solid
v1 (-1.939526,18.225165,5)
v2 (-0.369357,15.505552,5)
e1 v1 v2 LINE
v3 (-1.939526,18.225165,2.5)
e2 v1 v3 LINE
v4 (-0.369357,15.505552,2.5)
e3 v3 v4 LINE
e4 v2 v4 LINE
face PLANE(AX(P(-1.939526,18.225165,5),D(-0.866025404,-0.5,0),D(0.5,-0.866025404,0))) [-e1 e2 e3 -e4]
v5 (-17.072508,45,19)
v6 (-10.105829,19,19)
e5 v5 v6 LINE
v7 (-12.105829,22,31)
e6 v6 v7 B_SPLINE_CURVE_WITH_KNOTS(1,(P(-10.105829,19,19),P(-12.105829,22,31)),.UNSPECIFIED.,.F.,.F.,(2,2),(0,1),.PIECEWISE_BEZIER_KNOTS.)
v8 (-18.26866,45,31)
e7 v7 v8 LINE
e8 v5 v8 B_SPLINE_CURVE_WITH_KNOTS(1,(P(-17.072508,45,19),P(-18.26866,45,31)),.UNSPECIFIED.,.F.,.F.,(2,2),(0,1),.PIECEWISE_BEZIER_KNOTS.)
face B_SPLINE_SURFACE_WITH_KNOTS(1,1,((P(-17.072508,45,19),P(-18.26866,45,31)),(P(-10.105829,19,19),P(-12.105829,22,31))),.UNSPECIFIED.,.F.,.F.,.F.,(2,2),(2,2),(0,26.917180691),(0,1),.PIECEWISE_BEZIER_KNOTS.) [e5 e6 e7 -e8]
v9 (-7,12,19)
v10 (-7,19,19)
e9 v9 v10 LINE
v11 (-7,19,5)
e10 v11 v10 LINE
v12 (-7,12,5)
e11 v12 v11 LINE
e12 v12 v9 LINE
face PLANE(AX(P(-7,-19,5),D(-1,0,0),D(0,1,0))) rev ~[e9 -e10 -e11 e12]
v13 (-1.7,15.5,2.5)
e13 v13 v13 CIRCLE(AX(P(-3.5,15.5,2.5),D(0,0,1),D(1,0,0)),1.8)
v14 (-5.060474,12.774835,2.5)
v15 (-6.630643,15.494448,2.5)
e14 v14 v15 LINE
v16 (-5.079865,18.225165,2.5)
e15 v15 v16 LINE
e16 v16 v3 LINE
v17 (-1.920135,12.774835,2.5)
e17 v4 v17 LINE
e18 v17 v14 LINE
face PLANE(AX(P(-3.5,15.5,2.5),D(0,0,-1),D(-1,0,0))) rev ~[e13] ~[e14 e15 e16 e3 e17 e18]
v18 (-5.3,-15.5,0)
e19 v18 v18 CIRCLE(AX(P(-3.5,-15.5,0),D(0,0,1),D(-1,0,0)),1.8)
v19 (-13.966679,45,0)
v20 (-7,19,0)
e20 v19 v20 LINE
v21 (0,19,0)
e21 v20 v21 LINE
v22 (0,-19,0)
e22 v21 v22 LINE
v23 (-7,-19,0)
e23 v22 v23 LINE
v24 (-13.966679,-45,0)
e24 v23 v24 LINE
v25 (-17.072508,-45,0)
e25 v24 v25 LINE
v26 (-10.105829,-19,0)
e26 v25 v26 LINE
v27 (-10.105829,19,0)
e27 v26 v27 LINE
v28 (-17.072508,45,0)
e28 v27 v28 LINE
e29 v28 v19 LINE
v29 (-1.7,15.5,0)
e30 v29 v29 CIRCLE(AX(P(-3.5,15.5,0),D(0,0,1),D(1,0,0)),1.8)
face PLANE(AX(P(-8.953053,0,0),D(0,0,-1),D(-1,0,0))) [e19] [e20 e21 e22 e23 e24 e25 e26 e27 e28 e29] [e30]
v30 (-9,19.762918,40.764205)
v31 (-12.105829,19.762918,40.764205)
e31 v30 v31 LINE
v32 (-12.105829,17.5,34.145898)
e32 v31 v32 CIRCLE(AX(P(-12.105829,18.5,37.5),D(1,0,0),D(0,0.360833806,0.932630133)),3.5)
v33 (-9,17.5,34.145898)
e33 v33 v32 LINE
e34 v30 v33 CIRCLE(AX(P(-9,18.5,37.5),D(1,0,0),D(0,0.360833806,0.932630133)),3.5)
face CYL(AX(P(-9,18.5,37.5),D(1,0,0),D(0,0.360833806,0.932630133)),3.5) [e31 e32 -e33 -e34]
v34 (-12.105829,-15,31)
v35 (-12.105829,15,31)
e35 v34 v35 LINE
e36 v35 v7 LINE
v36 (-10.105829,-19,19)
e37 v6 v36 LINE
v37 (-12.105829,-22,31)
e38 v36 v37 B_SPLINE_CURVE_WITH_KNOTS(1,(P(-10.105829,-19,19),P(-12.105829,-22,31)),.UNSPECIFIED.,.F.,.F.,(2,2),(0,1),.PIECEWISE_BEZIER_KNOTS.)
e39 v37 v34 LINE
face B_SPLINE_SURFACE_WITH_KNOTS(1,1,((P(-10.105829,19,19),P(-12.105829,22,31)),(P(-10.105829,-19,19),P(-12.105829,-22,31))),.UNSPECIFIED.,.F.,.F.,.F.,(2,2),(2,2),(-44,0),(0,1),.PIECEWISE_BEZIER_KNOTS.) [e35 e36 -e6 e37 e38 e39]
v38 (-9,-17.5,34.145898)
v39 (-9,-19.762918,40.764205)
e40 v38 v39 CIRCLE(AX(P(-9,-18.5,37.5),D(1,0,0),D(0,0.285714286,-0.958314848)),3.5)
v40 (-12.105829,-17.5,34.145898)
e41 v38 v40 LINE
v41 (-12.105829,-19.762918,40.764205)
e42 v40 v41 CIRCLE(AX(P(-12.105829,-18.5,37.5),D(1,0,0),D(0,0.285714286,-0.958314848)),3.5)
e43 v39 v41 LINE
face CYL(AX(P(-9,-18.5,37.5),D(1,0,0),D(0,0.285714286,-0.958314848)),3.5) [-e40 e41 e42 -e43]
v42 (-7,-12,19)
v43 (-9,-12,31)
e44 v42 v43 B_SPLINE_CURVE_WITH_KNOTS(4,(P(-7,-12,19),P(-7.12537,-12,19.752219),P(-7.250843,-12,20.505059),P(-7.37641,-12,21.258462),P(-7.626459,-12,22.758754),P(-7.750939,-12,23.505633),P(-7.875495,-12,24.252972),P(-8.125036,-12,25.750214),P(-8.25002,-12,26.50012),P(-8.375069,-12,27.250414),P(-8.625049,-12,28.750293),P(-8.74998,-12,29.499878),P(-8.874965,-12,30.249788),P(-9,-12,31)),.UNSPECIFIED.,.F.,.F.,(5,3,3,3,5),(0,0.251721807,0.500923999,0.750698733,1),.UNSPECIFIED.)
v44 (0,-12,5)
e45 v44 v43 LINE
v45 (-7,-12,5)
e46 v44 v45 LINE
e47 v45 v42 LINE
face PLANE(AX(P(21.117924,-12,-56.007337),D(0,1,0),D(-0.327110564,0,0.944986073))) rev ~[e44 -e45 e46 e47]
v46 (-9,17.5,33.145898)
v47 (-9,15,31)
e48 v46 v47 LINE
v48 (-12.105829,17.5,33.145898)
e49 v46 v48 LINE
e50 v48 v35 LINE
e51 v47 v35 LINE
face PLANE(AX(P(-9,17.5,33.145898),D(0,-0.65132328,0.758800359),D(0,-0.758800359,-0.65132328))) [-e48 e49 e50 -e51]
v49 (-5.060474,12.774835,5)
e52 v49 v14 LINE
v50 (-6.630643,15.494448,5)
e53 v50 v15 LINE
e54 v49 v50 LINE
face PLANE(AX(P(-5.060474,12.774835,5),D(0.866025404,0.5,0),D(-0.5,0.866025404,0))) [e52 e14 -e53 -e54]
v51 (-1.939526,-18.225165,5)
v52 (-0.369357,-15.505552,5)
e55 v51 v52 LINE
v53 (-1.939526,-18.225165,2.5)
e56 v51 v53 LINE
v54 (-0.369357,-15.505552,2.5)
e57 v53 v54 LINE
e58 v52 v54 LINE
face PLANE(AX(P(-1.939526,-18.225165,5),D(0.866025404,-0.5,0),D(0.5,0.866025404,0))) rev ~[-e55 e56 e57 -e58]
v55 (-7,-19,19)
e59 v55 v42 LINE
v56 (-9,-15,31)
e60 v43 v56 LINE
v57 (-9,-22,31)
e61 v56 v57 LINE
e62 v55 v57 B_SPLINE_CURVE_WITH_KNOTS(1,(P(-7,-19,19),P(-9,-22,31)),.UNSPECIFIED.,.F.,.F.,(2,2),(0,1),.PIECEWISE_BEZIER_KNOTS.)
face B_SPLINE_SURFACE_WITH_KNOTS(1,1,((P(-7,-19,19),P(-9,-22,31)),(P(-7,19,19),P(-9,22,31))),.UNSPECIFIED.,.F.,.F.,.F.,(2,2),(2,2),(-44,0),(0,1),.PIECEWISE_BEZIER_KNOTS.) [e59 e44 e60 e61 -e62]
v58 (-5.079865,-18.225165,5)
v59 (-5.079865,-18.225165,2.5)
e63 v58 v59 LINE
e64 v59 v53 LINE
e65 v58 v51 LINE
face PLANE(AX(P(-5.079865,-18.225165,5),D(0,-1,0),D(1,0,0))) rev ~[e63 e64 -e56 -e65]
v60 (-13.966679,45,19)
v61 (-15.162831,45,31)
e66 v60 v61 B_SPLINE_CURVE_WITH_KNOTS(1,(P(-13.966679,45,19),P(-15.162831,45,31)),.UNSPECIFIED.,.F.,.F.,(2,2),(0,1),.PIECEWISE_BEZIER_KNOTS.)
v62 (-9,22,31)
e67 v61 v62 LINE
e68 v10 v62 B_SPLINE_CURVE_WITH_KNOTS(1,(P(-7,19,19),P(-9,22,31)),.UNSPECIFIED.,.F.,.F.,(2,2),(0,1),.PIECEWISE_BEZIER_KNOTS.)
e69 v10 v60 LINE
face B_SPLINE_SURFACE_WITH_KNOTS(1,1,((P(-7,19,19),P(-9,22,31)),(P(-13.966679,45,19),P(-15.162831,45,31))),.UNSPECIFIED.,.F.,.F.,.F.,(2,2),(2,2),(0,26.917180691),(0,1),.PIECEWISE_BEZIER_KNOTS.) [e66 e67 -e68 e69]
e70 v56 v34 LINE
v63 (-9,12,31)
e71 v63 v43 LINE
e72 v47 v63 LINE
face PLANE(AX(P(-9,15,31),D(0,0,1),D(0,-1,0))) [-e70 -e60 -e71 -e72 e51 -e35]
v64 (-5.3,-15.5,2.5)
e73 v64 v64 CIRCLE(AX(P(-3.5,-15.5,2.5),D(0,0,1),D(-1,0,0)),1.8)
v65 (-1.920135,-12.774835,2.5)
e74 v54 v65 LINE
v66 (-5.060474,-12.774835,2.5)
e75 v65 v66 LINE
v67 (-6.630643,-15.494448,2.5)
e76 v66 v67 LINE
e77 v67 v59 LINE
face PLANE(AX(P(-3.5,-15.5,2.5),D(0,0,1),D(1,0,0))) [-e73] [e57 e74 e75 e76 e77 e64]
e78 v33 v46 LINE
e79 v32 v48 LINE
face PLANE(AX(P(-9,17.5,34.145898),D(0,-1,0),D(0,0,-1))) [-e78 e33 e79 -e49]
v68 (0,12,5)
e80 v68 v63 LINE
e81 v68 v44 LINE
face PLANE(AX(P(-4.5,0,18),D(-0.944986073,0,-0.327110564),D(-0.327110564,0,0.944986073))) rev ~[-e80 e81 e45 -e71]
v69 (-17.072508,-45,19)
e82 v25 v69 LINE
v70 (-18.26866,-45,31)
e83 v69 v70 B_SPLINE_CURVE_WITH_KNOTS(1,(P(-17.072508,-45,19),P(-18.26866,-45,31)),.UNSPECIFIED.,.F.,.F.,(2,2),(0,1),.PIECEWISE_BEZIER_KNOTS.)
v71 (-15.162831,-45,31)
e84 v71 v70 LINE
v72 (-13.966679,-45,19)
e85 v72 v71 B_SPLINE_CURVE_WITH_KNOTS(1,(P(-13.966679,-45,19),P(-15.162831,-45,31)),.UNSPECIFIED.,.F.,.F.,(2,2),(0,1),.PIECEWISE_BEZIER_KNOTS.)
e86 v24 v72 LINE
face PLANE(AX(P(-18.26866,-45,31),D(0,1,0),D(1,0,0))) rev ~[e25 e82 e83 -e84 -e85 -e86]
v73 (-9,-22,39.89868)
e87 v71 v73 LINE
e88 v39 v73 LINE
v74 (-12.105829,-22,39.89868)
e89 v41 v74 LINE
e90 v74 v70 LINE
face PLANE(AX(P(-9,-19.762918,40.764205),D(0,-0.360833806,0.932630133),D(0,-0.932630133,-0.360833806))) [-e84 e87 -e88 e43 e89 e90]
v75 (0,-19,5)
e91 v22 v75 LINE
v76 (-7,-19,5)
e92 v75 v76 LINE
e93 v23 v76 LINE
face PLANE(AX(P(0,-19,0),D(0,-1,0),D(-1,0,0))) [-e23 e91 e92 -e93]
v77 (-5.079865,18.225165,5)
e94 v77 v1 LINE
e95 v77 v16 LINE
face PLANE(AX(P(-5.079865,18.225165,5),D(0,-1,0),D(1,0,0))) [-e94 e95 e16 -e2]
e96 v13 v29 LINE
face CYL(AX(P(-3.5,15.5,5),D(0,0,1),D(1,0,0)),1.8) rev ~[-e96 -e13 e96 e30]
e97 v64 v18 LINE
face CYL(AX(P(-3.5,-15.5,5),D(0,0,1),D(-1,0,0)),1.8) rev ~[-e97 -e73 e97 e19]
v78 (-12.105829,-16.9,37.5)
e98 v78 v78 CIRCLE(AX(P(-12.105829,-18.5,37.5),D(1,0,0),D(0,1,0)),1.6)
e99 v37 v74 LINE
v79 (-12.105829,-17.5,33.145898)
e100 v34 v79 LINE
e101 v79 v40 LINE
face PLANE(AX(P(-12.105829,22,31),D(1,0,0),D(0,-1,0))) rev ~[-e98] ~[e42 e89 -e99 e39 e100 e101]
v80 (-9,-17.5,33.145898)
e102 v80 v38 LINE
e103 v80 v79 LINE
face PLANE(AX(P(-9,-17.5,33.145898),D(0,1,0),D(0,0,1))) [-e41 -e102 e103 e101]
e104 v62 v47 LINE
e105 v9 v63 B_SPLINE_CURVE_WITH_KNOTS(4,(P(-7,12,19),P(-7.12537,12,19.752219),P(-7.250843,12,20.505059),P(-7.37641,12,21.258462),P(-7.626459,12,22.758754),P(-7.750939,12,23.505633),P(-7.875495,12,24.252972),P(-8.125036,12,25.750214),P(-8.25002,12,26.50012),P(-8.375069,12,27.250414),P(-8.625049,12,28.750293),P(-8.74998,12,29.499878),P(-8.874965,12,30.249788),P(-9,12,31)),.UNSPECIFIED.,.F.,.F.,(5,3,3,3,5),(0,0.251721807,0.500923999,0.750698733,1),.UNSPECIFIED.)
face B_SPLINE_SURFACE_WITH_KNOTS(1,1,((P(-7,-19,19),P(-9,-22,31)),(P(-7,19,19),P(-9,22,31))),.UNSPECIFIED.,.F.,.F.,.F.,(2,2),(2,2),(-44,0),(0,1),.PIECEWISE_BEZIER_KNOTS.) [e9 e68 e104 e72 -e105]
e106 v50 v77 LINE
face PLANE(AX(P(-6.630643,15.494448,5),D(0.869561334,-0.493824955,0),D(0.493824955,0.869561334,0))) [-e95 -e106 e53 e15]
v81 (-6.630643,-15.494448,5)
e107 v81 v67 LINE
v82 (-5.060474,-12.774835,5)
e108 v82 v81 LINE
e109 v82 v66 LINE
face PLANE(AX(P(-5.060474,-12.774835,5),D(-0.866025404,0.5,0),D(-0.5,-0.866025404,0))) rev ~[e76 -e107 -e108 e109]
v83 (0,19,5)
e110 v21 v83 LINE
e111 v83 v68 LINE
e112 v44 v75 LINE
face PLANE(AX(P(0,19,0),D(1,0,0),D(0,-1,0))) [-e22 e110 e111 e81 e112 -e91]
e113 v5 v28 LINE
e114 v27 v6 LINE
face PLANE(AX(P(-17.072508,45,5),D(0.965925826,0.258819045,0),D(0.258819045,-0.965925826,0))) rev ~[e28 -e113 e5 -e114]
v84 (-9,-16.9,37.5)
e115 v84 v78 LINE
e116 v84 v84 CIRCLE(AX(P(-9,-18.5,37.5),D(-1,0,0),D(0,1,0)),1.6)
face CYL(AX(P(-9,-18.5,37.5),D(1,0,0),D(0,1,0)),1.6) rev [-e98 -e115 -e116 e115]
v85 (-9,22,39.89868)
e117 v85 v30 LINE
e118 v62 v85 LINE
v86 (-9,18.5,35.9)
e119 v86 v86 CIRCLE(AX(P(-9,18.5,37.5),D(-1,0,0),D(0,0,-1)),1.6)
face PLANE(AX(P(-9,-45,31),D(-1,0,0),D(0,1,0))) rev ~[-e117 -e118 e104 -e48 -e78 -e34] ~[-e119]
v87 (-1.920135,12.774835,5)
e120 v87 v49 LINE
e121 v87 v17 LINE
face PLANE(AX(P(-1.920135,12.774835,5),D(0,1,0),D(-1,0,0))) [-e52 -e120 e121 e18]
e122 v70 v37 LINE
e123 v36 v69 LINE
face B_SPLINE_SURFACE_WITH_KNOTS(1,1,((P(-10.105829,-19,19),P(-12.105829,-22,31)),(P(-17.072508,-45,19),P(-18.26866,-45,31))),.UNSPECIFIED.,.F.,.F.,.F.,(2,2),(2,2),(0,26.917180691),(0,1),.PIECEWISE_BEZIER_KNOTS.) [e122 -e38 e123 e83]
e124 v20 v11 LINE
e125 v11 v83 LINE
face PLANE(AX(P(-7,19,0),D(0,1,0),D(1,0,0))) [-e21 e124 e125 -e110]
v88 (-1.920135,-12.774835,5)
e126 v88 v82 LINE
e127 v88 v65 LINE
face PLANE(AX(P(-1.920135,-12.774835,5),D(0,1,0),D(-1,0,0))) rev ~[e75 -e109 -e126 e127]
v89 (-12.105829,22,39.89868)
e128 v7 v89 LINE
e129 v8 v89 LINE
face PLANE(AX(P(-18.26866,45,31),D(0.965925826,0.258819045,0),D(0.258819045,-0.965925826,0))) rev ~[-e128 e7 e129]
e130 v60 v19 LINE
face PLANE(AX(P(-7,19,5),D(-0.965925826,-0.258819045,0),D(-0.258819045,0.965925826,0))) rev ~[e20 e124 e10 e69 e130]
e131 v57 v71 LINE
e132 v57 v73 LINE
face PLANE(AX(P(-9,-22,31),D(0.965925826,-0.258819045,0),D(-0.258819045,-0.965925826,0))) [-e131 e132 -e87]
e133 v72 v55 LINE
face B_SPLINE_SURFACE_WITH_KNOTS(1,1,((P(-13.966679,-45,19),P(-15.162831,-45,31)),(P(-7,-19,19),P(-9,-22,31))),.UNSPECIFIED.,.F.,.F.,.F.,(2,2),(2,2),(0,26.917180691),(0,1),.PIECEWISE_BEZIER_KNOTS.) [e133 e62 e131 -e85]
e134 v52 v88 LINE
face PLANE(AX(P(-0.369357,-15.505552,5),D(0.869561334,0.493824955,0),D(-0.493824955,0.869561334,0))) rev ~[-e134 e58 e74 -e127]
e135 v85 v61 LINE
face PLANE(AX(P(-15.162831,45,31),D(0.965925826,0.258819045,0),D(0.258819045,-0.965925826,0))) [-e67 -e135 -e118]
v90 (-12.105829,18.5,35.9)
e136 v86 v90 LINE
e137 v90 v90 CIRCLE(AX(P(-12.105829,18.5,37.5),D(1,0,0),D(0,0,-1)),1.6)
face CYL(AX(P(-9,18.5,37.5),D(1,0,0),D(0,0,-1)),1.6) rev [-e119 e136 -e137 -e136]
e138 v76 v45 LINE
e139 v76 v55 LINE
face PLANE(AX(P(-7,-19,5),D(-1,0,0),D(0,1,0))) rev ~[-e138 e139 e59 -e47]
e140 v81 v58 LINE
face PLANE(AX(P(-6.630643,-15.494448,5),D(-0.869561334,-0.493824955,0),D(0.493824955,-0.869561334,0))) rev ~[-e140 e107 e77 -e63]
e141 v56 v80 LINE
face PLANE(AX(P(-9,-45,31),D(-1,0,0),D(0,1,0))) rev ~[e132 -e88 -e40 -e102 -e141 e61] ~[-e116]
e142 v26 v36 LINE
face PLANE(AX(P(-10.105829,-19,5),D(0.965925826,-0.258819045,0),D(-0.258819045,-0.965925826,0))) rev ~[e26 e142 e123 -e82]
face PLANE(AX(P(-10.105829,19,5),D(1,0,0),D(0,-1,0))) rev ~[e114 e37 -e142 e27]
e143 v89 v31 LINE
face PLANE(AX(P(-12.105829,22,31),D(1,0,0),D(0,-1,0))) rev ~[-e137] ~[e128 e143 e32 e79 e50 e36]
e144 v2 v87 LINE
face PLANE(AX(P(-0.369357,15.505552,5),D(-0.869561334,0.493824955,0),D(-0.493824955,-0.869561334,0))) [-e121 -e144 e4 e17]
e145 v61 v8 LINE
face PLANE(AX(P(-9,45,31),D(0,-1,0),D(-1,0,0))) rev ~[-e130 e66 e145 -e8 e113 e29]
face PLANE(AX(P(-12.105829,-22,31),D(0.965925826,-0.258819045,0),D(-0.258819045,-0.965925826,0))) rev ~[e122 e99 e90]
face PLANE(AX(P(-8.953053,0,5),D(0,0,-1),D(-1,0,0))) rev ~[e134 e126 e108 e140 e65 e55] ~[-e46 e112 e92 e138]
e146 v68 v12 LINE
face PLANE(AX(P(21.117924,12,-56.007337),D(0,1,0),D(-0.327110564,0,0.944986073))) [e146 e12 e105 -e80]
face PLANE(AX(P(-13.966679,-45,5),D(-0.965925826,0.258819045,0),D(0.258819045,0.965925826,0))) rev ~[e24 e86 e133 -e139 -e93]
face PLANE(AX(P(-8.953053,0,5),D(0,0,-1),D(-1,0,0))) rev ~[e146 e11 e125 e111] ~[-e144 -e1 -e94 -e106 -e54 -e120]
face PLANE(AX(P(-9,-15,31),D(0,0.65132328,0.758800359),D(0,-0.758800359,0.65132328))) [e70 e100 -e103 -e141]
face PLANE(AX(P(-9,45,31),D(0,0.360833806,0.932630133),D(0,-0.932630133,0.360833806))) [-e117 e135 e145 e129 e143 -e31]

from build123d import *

# Parameters (mm, degrees)
BOSS_EXTRU_1_DEPTH      = 5
BOSS_EXTRU_2_DEPTH      = 14
ESQUISSE5_R             = 1.8
ENL_V_MAT_EXTRU_1_DEPTH = 56.088510189
BOSS_EXTRU_3_DEPTH      = 15
ESQUISSE7_R             = 1.6
ENL_V_MAT_EXTRU_2_DEPTH = 66.014675864
ESQUISSE3_4_OUTSIDE_W   = 40.383
ESQUISSE3_4_OUTSIDE_H   = 112.114
ENL_V_MAT_EXTRU_5_DEPTH = 58.617219265
NERVURE2_REACH          = 65.559
ESQUISSE9_WALL_W        = 156.631593158
ESQUISSE9_WALL_H        = 24
ENL_V_MAT_EXTRU_6_DEPTH = 2.5


with BuildPart() as part:
    # Esquisse1 → Boss.-Extru.1 (new body)
    with BuildSketch(Plane.XY):
        Polygon((-10.105828541, -19), (-10.105828541, 19), (-17.072507544, 45), (-13.966679003, 45), (-7, 19), (0, 19), (0, -19), (-7, -19), (-13.966679003, -45), (-17.072507544, -45), align=None)
    extrude(amount=BOSS_EXTRU_1_DEPTH)

    # Esquisse2 → Boss.-Extru.2 (add)
    with BuildSketch(Plane.XY.offset(5)):
        Polygon((-17.072507544, 45), (-10.105828541, 19), (-10.105828541, -19), (-17.072507544, -45), (-13.966679003, -45), (-7, -19), (-7, 19), (-13.966679003, 45), align=None)
    extrude(amount=BOSS_EXTRU_2_DEPTH)

    # Esquisse4 → Lissage1 section 0
    with BuildSketch(Plane.XY.offset(19)):
        with BuildLine():
            Line((-13.966679003, -45), (-7, -19))
            Line((-7, -19), (-7, 19))
            Line((-7, 19), (-13.966679003, 45))
            Line((-13.966679003, 45), (-17.072507544, 45))
            Line((-17.072507544, 45), (-10.105828541, 19))
            Line((-10.105828541, 19), (-10.105828541, -19))
            Line((-10.105828541, -19), (-17.072507544, -45))
            Line((-17.072507544, -45), (-13.966679003, -45))
        make_face()
    # Esquisse3 → Lissage1 section 1
    with BuildSketch(Plane.XY.offset(31)):
        with BuildLine():
            Line((-18.268659967, 45), (-15.162831426, 45))
            Line((-15.162831426, 45), (-9, 22))
            Line((-9, 22), (-9, -22))
            Line((-9, -22), (-15.162831426, -45))
            Line((-15.162831426, -45), (-18.268659967, -45))
            Line((-18.268659967, -45), (-12.105828541, -22))
            Line((-12.105828541, -22), (-12.105828541, 22))
            Line((-12.105828541, 22), (-18.268659967, 45))
        make_face()
    loft()

    # Esquisse5 → Enlèv. mat.-Extru.1 (cut, through all)
    with BuildSketch(Plane.XY.offset(5)):
        with Locations(Location((-3.5, -15.5, 0), (0, 0, 180))):
            Circle(ESQUISSE5_R)
        with Locations((-3.5, 15.5)):
            Circle(ESQUISSE5_R)
    extrude(amount=-ENL_V_MAT_EXTRU_1_DEPTH, mode=Mode.SUBTRACT)

    # Esquisse6 → Boss.-Extru.3 (add)
    with BuildSketch(Plane.XY.offset(31)):
        Polygon((-9, 45), (-18.268659967, 45), (-12.105828541, 22), (-12.105828541, -22), (-18.268659967, -45), (-9, -45), align=None)
    extrude(amount=BOSS_EXTRU_3_DEPTH)

    # Esquisse7 → Enlèv. mat.-Extru.2 (cut, through all)
    with BuildSketch(Plane.ZY.offset(9)):
        with BuildLine():
            ThreePointArc((40.764205464, 19.762918321), (38.632351614, 15.188236146), (34.145898034, 17.5))
            Line((34.145898034, 17.5), (33.145898034, 17.5))
            Line((33.145898034, 17.5), (31, 15))
            Line((31, 15), (31, -15))
            Line((31, -15), (33.145898034, -17.5))
            Line((33.145898034, -17.5), (34.145898034, -17.5))
            ThreePointArc((34.145898034, -17.5), (38.632351614, -15.188236146), (40.764205464, -19.762918321))
            Line((40.764205464, -19.762918321), (31, -45))
            Line((31, -45), (46, -45))
            Line((46, -45), (46, 45))
            Line((46, 45), (31, 45))
            Line((31, 45), (40.764205464, 19.762918321))
        make_face()
        with Locations(Location((37.5, 18.5, 0), (0, 0, 180))):
            Circle(ESQUISSE7_R)
        with Locations(Location((37.5, -18.5, 0), (0, 0, 90))):
            Circle(ESQUISSE7_R)
    extrude(amount=ENL_V_MAT_EXTRU_2_DEPTH, mode=Mode.SUBTRACT)

    # Esquisse3<4> outside → Enlèv. mat.-Extru.5 (cut, through all)
    with BuildSketch(Plane.XY.offset(31)):
        with Locations((-9.1345, 0)):
            Rectangle(ESQUISSE3_4_OUTSIDE_W, ESQUISSE3_4_OUTSIDE_H)
        Polygon((-18.268659967, 45), (-15.162831426, 45), (-9, 22), (-9, -22), (-15.162831426, -45), (-18.268659967, -45), (-12.105828541, -22), (-12.105828541, 22), align=None, mode=Mode.SUBTRACT)
    extrude(amount=ENL_V_MAT_EXTRU_5_DEPTH, mode=Mode.SUBTRACT)

    # Esquisse9 wall → Nervure2 (add, up to next)
    with BuildSketch(Plane(origin=(-4.5, 0, 18), x_dir=(-0.327110563883, 0, 0.94498607344), z_dir=(-0.94498607344, 0, -0.327110563883)), mode=Mode.PRIVATE) as nervure2_sk1:
        Rectangle(ESQUISSE9_WALL_W, ESQUISSE9_WALL_H)
    nervure2_tool1 = extrude(nervure2_sk1.sketch, amount=NERVURE2_REACH, mode=Mode.PRIVATE) - part.part
    add(nervure2_tool1.solids().sort_by_distance((-4.5, 0, 18))[0])

    # Esquisse10 → Enlèv. mat.-Extru.6 (cut)
    with BuildSketch(Plane.XY.offset(5)):
        Polygon((-5.079865302, 18.225165248), (-1.939526432, 18.225165248), (-0.369356996, 15.50555201), (-1.920134698, 12.774834752), (-5.060473568, 12.774834752), (-6.630643004, 15.49444799), align=None)
        Polygon((-6.630643004, -15.49444799), (-5.079865302, -18.225165248), (-1.939526432, -18.225165248), (-0.369356996, -15.50555201), (-1.920134698, -12.774834752), (-5.060473568, -12.774834752), align=None)
    extrude(amount=-ENL_V_MAT_EXTRU_6_DEPTH, mode=Mode.SUBTRACT)


solid = part.part
